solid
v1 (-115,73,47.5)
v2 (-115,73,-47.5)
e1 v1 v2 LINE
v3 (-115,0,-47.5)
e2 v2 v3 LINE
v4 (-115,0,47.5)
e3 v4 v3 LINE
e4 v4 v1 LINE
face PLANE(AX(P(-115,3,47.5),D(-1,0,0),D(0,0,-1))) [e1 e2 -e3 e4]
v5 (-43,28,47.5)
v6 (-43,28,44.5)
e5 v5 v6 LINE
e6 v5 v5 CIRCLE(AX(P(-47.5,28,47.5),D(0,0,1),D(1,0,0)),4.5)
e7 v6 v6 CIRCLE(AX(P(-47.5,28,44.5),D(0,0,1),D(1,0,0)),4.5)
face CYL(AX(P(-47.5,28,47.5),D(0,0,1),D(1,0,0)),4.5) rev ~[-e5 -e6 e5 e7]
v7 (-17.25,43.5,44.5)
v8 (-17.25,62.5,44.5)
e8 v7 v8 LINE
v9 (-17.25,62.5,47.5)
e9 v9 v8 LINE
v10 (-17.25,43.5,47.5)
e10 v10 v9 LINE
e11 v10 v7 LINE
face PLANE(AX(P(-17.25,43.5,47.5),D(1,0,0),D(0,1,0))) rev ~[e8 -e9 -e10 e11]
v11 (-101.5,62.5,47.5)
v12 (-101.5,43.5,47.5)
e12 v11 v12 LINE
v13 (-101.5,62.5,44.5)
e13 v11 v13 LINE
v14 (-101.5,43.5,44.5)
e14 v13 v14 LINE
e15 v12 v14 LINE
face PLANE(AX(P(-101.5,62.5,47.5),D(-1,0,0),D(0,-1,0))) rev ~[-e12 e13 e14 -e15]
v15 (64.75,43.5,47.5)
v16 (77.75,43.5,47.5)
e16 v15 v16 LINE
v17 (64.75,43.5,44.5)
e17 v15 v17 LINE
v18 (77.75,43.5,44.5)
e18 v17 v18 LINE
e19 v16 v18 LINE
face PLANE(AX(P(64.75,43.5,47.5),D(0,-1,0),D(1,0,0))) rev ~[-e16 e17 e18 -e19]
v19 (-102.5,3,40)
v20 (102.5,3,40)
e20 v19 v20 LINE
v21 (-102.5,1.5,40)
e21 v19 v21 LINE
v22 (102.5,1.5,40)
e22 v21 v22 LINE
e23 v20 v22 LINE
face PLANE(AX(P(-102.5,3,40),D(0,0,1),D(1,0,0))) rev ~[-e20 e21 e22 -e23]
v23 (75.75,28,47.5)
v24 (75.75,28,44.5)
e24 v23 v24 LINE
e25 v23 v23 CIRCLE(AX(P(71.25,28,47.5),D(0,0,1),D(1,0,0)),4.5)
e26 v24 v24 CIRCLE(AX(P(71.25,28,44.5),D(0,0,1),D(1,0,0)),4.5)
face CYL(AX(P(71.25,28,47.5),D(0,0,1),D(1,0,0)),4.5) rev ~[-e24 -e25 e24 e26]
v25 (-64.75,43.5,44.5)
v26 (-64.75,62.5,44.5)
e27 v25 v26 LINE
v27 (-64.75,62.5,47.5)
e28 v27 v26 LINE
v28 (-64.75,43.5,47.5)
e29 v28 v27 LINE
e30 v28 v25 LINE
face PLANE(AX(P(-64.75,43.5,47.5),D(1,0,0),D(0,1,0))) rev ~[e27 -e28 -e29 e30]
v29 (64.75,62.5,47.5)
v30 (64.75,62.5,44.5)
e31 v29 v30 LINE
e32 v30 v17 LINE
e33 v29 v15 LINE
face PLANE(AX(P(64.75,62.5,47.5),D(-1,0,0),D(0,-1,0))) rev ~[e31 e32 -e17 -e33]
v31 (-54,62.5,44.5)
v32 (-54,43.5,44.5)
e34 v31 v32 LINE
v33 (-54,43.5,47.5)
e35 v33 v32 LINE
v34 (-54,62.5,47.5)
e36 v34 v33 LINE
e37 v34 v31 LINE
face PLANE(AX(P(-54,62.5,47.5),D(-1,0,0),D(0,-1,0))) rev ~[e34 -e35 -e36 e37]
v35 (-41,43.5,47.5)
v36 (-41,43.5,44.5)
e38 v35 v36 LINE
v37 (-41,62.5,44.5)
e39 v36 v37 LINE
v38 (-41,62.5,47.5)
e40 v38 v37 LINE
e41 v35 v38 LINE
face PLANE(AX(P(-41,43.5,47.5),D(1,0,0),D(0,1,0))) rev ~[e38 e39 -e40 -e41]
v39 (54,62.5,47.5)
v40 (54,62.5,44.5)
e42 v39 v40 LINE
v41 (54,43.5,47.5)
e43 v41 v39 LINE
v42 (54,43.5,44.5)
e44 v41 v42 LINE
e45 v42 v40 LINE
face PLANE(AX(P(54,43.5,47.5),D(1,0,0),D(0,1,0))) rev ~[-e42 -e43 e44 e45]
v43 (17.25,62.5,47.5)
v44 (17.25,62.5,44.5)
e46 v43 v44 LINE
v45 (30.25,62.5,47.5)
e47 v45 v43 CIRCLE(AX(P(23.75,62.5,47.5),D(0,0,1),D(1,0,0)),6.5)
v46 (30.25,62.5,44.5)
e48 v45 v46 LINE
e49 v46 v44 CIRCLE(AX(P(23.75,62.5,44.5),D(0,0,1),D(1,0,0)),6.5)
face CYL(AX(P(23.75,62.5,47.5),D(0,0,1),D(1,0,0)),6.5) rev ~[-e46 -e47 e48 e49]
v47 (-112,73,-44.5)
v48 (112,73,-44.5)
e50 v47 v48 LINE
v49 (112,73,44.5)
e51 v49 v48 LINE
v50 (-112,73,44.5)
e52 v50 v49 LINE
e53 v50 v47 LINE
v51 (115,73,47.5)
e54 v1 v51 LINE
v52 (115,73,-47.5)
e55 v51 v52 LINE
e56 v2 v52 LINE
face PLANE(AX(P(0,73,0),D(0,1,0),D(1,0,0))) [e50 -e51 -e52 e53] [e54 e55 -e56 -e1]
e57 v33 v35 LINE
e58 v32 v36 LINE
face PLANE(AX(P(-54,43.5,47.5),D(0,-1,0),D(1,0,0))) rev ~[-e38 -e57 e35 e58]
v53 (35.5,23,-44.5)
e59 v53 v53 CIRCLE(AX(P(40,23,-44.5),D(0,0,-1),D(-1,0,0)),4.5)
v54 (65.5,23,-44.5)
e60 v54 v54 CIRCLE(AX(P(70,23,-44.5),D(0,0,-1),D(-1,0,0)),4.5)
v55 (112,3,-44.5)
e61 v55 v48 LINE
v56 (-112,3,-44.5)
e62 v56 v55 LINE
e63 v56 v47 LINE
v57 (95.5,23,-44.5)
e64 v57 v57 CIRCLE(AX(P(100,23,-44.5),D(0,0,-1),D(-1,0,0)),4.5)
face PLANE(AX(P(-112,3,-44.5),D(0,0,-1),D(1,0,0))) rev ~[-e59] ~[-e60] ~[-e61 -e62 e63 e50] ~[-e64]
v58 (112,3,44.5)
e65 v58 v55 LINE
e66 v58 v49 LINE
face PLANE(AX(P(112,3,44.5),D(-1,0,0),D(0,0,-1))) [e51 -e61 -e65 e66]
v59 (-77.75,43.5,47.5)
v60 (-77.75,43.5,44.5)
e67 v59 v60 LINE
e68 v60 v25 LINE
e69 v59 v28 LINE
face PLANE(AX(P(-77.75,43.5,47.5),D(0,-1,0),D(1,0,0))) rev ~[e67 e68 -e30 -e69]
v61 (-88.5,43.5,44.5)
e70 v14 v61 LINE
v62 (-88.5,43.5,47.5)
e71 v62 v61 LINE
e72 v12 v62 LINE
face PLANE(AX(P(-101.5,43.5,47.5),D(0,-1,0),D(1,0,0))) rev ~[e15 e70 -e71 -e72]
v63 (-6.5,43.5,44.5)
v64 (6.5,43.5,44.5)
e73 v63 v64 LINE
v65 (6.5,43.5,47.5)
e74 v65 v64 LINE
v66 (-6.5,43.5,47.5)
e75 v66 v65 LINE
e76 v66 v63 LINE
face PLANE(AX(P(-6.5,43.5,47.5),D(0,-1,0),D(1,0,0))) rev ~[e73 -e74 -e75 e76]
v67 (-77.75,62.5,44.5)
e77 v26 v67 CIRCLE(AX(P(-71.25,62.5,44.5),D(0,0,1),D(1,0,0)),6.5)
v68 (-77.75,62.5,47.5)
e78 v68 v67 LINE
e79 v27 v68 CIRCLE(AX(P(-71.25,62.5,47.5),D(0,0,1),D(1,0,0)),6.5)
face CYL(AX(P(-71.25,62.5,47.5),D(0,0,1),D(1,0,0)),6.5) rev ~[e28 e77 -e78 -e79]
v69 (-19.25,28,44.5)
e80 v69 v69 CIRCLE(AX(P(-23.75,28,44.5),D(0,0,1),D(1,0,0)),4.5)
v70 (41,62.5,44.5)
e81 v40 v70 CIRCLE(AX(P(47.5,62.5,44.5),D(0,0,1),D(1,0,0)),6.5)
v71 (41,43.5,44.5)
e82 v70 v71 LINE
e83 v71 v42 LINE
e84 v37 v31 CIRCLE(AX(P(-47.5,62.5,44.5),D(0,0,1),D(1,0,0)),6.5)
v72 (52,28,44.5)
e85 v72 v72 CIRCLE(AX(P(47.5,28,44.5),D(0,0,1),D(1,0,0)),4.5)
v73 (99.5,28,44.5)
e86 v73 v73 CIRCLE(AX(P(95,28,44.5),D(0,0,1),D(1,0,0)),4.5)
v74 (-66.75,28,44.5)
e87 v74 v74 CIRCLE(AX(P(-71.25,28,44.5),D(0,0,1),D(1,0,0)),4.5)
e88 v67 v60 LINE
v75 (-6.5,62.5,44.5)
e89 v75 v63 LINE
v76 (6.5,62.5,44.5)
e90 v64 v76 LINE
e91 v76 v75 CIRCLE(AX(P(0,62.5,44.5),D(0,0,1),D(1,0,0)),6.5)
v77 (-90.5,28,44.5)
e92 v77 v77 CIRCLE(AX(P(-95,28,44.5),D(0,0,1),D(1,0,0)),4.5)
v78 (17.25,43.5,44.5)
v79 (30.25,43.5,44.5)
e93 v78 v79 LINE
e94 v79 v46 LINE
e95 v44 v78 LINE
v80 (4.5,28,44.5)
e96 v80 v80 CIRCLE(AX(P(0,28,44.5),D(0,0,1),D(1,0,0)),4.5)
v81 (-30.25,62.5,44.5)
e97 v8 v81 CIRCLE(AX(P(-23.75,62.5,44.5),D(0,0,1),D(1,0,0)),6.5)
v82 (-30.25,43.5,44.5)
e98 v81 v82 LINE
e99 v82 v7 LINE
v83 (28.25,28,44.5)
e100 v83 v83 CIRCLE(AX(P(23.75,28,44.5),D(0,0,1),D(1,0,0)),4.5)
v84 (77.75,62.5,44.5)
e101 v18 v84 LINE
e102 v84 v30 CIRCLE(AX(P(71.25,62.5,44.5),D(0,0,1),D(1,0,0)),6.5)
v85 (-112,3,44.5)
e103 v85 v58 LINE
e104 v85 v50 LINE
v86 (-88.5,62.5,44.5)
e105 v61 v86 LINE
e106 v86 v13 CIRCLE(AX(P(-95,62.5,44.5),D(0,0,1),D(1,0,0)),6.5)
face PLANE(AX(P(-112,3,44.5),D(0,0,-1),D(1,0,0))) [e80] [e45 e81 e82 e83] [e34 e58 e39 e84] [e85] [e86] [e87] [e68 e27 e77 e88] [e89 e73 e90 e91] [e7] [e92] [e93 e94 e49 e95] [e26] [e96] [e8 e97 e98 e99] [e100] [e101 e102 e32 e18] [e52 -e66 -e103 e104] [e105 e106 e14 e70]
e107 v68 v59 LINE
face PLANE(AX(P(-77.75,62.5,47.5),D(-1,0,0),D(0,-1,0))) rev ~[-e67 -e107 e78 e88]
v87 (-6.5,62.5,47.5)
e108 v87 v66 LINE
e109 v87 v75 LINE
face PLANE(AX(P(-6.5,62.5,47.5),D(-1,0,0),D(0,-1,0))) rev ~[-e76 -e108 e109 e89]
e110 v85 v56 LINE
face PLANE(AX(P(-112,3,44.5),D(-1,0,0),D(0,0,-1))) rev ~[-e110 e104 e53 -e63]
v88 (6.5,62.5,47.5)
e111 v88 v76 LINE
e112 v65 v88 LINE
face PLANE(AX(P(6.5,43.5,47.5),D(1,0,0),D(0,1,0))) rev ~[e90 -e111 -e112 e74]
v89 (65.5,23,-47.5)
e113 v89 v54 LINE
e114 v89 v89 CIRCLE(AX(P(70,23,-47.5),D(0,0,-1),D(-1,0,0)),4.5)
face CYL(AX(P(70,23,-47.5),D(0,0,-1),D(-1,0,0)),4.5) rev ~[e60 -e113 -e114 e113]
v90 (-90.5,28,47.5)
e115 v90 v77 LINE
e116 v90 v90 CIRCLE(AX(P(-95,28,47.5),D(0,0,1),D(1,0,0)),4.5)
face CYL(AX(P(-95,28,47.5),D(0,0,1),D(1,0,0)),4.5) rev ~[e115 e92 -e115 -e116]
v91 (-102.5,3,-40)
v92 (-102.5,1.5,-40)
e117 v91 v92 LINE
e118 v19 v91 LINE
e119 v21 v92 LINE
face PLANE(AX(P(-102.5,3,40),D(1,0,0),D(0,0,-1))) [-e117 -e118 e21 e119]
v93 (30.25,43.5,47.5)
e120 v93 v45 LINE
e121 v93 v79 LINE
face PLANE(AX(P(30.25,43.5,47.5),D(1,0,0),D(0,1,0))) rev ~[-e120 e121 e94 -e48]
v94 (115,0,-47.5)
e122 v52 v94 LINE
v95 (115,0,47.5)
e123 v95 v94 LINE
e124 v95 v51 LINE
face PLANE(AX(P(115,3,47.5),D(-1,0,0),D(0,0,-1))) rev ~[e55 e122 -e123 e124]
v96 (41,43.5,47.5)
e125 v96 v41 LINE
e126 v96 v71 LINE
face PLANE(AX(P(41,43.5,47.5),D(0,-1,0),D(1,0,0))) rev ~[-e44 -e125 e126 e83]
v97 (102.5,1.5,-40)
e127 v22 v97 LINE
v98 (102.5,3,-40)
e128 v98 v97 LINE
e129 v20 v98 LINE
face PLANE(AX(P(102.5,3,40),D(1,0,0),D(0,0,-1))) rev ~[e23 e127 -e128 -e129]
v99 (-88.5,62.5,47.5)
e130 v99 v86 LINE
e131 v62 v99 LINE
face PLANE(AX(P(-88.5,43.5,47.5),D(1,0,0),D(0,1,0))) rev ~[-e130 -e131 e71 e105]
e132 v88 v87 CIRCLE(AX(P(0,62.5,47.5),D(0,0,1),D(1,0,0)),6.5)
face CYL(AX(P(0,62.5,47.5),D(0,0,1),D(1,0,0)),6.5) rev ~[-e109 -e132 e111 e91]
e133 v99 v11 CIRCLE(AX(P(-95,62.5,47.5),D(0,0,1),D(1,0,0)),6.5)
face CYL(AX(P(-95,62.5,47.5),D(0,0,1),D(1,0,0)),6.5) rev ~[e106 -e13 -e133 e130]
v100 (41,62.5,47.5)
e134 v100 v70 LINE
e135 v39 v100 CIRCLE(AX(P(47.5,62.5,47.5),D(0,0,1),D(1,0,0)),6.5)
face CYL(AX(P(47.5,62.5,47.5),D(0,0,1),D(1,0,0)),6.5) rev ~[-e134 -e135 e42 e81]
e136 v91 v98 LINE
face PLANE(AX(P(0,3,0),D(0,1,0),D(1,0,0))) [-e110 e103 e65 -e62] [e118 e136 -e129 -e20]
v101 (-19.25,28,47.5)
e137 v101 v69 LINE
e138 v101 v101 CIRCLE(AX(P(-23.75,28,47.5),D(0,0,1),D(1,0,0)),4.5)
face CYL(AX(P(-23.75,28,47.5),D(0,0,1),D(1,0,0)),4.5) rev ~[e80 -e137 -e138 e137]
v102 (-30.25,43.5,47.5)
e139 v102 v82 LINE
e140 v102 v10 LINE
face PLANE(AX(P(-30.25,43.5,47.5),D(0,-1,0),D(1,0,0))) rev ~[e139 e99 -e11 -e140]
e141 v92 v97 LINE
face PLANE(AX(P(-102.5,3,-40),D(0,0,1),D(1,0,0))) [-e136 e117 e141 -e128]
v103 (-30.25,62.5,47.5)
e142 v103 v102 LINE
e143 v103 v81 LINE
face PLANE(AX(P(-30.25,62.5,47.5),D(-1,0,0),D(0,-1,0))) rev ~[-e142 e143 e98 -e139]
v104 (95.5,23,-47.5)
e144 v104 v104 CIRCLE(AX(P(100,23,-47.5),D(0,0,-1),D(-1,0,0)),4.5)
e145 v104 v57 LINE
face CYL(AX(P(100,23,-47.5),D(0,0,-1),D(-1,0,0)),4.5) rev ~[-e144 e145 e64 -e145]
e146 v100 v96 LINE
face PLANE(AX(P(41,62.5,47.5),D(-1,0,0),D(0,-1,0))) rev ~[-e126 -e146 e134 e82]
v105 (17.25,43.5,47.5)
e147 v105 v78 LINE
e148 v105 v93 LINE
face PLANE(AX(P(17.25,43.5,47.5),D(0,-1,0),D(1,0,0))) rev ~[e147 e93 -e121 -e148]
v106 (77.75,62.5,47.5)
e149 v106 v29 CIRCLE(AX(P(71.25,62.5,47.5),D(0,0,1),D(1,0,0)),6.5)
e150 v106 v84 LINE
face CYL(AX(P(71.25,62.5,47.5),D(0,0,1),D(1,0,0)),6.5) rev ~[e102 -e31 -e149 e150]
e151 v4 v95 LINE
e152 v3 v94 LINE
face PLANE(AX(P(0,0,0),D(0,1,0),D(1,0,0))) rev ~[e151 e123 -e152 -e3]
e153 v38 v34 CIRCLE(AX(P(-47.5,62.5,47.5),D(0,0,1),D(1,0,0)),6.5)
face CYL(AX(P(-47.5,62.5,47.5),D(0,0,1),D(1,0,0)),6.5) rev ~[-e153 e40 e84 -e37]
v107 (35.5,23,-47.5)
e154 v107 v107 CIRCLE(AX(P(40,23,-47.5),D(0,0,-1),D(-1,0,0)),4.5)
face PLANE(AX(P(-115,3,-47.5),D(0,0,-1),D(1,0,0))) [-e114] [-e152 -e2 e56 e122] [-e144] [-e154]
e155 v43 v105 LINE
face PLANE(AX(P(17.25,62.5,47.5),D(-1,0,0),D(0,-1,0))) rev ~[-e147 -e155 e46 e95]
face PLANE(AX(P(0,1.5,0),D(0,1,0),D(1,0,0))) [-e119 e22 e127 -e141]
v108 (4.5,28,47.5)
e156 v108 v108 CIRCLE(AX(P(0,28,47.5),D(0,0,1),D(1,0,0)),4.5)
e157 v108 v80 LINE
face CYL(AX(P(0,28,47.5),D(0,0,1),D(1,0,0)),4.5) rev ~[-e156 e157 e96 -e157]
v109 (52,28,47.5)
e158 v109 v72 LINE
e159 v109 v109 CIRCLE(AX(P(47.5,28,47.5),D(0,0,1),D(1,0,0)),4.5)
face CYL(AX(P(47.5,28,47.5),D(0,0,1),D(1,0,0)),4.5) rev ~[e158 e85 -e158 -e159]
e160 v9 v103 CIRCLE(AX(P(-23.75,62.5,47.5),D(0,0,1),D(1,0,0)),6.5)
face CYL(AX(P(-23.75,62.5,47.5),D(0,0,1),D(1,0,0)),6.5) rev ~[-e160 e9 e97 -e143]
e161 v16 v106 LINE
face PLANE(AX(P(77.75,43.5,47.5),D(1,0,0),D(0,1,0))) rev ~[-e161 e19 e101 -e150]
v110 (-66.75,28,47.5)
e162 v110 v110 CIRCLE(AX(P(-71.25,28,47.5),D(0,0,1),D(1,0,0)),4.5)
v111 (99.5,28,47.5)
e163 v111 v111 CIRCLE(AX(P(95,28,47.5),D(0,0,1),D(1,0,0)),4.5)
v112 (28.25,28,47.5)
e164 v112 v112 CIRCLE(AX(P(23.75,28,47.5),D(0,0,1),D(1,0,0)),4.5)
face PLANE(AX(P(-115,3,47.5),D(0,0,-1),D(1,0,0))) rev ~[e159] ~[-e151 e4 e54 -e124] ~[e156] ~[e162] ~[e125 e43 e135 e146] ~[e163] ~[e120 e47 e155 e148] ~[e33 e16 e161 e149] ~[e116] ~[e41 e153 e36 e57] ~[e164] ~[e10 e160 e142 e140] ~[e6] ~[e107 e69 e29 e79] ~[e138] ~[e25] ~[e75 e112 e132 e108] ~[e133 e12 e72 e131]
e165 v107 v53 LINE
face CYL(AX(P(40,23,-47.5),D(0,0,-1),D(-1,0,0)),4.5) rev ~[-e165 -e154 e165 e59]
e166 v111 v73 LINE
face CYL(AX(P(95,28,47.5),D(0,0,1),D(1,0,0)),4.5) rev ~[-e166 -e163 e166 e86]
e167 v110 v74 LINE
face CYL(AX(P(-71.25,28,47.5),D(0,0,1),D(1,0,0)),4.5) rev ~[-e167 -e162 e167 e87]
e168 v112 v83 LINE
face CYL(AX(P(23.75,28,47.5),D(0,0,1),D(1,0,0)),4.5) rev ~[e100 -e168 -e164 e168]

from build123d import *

# Parameters (mm, degrees)
SKETCH1_W           = 230
SKETCH1_H           = 95
BOSS_EXTRUDE1_DEPTH = 3
SKETCH2_W           = 205
SKETCH2_H           = 80
CUT_EXTRUDE1_DEPTH  = 1.5
SKETCH3_W           = 230
SKETCH3_H           = 95
SKETCH3_W_2         = 224
SKETCH3_H_2         = 89
BOSS_EXTRUDE2_DEPTH = 70
SKETCH4_R           = 4.5
CUT_EXTRUDE2_DEPTH  = 3
SKETCH5_R           = 4.5
CUT_EXTRUDE3_DEPTH  = 3


with BuildPart() as part:
    # Sketch1 → Boss-Extrude1 (new body)
    with BuildSketch(Plane(origin=(0, 0, 0), x_dir=(1, 0, 0), z_dir=(0, 1, 0))):
        Rectangle(SKETCH1_W, SKETCH1_H)
    extrude(amount=BOSS_EXTRUDE1_DEPTH)

    # Sketch2 → Cut-Extrude1 (cut)
    with BuildSketch(Plane(origin=(0, 3, 0), x_dir=(1, 0, 0), z_dir=(0, 1, 0))):
        Rectangle(SKETCH2_W, SKETCH2_H)
    extrude(amount=-CUT_EXTRUDE1_DEPTH, mode=Mode.SUBTRACT)

    # Sketch3 → Boss-Extrude2 (add)
    with BuildSketch(Plane(origin=(0, 3, 0), x_dir=(1, 0, 0), z_dir=(0, 1, 0))):
        Rectangle(SKETCH3_W, SKETCH3_H)
        Rectangle(SKETCH3_W_2, SKETCH3_H_2, mode=Mode.SUBTRACT)
    extrude(amount=BOSS_EXTRUDE2_DEPTH)

    # Sketch4 → Cut-Extrude2 (cut)
    with BuildSketch(Plane.XY.offset(47.5)):
        with Locations((95, 28)):
            Circle(SKETCH4_R)
        with Locations((71.25, 28)):
            Circle(SKETCH4_R)
        with Locations((47.5, 28)):
            Circle(SKETCH4_R)
        with Locations((23.75, 28)):
            Circle(SKETCH4_R)
        with Locations((0, 28)):
            Circle(SKETCH4_R)
        with Locations((-23.75, 28)):
            Circle(SKETCH4_R)
        with Locations((-47.5, 28)):
            Circle(SKETCH4_R)
        with Locations((-71.25, 28)):
            Circle(SKETCH4_R)
        with Locations((-95, 28)):
            Circle(SKETCH4_R)
        with BuildLine():
            Line((-101.5, 62.5), (-101.5, 43.5))
            Line((-101.5, 43.5), (-88.5, 43.5))
            Line((-88.5, 43.5), (-88.5, 62.5))
            ThreePointArc((-88.5, 62.5), (-95, 69), (-101.5, 62.5))
        make_face()
        with BuildLine():
            Line((-77.75, 62.5), (-77.75, 43.5))
            Line((-77.75, 43.5), (-64.75, 43.5))
            Line((-64.75, 43.5), (-64.75, 62.5))
            ThreePointArc((-64.75, 62.5), (-71.25, 69), (-77.75, 62.5))
        make_face()
        with BuildLine():
            Line((-54, 62.5), (-54, 43.5))
            Line((-54, 43.5), (-41, 43.5))
            Line((-41, 43.5), (-41, 62.5))
            ThreePointArc((-41, 62.5), (-47.5, 69), (-54, 62.5))
        make_face()
        with BuildLine():
            Line((-30.25, 62.5), (-30.25, 43.5))
            Line((-30.25, 43.5), (-17.25, 43.5))
            Line((-17.25, 43.5), (-17.25, 62.5))
            ThreePointArc((-17.25, 62.5), (-23.75, 69), (-30.25, 62.5))
        make_face()
        with BuildLine():
            Line((-6.5, 62.5), (-6.5, 43.5))
            Line((-6.5, 43.5), (6.5, 43.5))
            Line((6.5, 43.5), (6.5, 62.5))
            ThreePointArc((6.5, 62.5), (0, 69), (-6.5, 62.5))
        make_face()
        with BuildLine():
            Line((17.25, 62.5), (17.25, 43.5))
            Line((17.25, 43.5), (30.25, 43.5))
            Line((30.25, 43.5), (30.25, 62.5))
            ThreePointArc((30.25, 62.5), (23.75, 69), (17.25, 62.5))
        make_face()
        with BuildLine():
            Line((41, 62.5), (41, 43.5))
            Line((41, 43.5), (54, 43.5))
            Line((54, 43.5), (54, 62.5))
            ThreePointArc((54, 62.5), (47.5, 69), (41, 62.5))
        make_face()
        with BuildLine():
            Line((64.75, 62.5), (64.75, 43.5))
            Line((64.75, 43.5), (77.75, 43.5))
            Line((77.75, 43.5), (77.75, 62.5))
            ThreePointArc((77.75, 62.5), (71.25, 69), (64.75, 62.5))
        make_face()
    extrude(amount=-CUT_EXTRUDE2_DEPTH, mode=Mode.SUBTRACT)

    # Sketch5 → Cut-Extrude3 (cut)
    with BuildSketch(Plane(origin=(0, 0, -47.5), x_dir=(-1, 0, 0), z_dir=(0, 0, -1))):
        with Locations((-100, 23)):
            Circle(SKETCH5_R)
        with Locations((-70, 23)):
            Circle(SKETCH5_R)
        with Locations((-40, 23)):
            Circle(SKETCH5_R)
    extrude(amount=-CUT_EXTRUDE3_DEPTH, mode=Mode.SUBTRACT)


solid = part.part
